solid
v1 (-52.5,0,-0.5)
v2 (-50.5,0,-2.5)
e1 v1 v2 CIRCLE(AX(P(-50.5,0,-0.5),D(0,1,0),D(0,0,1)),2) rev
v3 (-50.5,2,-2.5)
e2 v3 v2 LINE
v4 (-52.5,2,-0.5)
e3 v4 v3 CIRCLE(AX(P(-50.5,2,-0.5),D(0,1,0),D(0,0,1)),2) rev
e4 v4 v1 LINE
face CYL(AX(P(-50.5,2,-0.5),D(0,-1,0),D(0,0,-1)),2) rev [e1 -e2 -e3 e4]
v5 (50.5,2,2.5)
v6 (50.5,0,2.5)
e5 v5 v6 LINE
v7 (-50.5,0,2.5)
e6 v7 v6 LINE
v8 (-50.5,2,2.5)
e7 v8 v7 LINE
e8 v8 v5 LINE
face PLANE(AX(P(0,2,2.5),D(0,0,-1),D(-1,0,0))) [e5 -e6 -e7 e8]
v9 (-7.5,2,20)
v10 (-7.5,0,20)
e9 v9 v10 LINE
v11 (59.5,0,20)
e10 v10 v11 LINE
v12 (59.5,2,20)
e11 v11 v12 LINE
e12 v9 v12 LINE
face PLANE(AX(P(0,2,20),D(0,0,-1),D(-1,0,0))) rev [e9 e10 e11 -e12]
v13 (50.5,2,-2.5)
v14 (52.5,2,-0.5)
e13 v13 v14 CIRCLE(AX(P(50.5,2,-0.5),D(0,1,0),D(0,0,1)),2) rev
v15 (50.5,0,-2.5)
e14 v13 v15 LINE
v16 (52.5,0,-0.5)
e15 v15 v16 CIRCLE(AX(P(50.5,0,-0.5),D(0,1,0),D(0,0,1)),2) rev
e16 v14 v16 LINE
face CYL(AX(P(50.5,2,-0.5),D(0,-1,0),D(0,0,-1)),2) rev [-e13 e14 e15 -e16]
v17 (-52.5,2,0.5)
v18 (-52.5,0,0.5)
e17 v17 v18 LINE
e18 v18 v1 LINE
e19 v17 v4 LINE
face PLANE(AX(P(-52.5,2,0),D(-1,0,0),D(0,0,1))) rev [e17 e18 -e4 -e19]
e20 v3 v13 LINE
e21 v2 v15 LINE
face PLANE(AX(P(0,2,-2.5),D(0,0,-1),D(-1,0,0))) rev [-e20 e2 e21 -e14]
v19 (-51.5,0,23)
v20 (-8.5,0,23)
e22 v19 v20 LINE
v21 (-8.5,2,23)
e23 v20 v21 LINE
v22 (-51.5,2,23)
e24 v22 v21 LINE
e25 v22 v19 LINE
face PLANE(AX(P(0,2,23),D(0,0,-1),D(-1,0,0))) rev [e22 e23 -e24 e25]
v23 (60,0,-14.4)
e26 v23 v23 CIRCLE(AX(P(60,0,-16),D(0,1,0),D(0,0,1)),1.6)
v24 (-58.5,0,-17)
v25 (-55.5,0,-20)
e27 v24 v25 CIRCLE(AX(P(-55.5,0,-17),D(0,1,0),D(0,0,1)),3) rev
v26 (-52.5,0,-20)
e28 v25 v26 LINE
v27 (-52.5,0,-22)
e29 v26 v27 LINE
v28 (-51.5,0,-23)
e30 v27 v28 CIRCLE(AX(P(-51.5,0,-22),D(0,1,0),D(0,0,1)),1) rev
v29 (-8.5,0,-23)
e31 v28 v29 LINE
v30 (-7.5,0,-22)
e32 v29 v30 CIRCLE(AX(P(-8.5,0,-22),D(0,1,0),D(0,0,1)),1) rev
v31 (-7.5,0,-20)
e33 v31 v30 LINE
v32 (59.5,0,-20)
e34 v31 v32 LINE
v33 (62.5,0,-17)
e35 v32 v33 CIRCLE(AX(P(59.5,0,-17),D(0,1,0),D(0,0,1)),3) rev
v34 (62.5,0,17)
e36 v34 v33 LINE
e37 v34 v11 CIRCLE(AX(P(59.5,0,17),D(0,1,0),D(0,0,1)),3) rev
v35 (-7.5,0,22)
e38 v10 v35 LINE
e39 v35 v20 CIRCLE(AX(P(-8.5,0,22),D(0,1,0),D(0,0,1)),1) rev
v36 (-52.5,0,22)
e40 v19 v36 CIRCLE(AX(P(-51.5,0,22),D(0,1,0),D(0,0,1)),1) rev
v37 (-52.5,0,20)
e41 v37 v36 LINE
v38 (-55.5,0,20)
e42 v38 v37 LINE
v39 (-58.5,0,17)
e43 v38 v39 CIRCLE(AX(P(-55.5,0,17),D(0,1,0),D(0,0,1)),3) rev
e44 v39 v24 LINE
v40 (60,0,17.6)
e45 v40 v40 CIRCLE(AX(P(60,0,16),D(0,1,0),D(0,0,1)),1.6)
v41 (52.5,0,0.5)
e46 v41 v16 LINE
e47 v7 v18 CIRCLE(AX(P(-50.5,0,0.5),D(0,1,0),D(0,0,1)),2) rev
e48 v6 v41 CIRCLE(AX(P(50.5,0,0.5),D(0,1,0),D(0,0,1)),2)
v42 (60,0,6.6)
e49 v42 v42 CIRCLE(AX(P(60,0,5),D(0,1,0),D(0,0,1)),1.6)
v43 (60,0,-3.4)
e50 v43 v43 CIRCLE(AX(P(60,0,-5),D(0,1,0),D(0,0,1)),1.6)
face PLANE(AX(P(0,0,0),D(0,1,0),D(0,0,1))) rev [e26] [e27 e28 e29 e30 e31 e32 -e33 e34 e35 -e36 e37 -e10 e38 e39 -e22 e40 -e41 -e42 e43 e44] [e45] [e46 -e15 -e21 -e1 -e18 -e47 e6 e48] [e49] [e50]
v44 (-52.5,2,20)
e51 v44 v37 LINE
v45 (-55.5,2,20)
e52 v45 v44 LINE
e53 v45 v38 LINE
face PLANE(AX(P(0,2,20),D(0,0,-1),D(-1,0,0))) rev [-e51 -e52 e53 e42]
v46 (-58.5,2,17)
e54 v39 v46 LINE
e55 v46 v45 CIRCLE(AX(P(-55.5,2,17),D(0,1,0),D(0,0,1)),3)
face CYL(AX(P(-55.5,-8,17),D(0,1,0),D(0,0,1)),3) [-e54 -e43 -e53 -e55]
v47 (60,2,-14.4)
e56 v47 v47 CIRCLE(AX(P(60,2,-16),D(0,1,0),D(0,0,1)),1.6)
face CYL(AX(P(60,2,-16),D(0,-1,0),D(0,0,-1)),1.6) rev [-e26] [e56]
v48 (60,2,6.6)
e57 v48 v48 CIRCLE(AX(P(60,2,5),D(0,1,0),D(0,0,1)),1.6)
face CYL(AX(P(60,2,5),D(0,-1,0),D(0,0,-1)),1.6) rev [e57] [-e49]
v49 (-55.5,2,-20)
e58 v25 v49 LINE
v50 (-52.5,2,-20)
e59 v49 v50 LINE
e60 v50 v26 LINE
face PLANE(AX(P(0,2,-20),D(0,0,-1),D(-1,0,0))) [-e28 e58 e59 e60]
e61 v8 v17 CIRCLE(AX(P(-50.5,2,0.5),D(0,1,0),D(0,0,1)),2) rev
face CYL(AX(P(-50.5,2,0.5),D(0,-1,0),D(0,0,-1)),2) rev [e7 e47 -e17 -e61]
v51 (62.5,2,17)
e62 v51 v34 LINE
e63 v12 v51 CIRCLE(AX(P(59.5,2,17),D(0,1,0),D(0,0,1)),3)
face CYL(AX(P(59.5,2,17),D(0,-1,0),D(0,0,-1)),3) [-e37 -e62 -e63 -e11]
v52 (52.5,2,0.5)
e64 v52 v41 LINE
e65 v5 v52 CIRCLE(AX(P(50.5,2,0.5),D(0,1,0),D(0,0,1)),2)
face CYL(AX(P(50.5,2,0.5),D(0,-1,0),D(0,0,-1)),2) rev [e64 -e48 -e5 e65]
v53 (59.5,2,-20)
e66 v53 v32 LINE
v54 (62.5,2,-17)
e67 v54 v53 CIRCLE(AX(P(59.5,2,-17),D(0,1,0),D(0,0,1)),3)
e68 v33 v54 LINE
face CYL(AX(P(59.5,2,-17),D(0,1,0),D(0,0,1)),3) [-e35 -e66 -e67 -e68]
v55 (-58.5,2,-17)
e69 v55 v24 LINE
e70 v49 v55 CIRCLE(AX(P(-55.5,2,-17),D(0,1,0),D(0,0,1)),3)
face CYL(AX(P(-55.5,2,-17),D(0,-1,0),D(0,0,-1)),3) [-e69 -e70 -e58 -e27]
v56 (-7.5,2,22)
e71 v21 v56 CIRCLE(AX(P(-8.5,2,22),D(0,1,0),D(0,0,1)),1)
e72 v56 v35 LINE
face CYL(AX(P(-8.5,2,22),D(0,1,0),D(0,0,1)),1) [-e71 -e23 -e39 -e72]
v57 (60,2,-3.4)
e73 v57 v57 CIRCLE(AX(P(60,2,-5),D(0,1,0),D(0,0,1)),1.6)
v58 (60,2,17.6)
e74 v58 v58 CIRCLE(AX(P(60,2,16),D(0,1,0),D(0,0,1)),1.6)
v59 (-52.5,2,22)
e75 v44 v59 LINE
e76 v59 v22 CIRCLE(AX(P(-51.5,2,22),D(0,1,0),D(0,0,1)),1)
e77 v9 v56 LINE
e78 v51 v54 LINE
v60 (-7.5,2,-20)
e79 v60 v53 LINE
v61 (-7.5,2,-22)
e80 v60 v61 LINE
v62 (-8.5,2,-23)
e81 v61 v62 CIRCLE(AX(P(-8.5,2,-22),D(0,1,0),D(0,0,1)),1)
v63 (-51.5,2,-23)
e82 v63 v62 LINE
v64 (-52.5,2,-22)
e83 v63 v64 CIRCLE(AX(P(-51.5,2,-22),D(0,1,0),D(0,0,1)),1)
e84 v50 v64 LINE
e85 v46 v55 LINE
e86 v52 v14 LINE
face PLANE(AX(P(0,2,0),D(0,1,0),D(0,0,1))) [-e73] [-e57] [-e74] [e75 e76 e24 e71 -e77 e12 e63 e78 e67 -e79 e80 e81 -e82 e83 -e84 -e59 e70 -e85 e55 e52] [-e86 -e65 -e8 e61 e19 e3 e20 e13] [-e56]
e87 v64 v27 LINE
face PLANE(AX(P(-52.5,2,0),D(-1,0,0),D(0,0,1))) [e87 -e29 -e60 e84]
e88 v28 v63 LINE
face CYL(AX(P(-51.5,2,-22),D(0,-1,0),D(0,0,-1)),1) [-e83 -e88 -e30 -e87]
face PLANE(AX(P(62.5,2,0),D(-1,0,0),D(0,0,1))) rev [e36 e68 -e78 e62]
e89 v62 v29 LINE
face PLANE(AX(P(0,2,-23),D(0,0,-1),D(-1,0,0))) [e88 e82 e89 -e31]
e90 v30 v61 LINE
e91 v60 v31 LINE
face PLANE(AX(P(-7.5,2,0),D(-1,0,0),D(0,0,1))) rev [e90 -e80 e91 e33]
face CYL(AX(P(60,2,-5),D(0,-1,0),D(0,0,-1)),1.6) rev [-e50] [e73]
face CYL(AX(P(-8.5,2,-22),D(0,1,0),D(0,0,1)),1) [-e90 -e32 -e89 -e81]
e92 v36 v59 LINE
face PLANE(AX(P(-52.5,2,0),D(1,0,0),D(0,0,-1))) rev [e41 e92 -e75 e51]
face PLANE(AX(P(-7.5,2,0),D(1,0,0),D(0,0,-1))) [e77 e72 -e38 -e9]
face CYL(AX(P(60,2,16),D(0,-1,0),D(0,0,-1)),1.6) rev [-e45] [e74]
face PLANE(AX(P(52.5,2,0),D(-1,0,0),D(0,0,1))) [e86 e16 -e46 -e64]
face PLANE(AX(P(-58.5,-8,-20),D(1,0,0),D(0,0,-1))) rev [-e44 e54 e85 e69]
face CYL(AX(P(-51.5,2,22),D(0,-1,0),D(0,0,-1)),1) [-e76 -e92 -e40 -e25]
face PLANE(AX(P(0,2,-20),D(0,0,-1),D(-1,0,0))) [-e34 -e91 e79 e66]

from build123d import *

# Parameters (mm, degrees)
SKETCH_1_W          = 125
SKETCH_1_H          = 40
SKETCH_1_R          = 1.6
SKETCH_1_W_2        = 45
SKETCH_1_H_2        = 3
EXTRUDE_1_DEPTH     = 2
SKETCH_2_W          = 4
SKETCH_2_H          = 40
CUT_EXTRUDE_1_DEPTH = 10
FILLET_1_R          = 3
FILLET_2_R          = 1


with BuildPart() as part:
    # 草图1 → 凸台-拉伸1 (new body)
    # profile 1 of 3: a face of its own
    with BuildSketch(Plane(origin=(0, 0, 0), x_dir=(1, 0, 0), z_dir=(0, 1, 0))):
        Rectangle(SKETCH_1_W, SKETCH_1_H)
        with Locations(Location((60, 16, 0), (0, 0, 270))):
            Circle(SKETCH_1_R, mode=Mode.SUBTRACT)
        with Locations(Location((60, 5, 0), (0, 0, 270))):
            Circle(SKETCH_1_R, mode=Mode.SUBTRACT)
        with Locations(Location((60, -5, 0), (0, 0, 270))):
            Circle(SKETCH_1_R, mode=Mode.SUBTRACT)
        with Locations(Location((60, -16, 0), (0, 0, 270))):
            Circle(SKETCH_1_R, mode=Mode.SUBTRACT)
        with BuildLine():
            Line((-50.5, -2.5), (50.5, -2.5))
            ThreePointArc((50.5, -2.5), (51.914213562, -1.914213562), (52.5, -0.5))
            Line((52.5, -0.5), (52.5, 0.5))
            ThreePointArc((52.5, 0.5), (51.914213562, 1.914213562), (50.5, 2.5))
            Line((50.5, 2.5), (-50.5, 2.5))
            ThreePointArc((-50.5, 2.5), (-51.914213562, 1.914213562), (-52.5, 0.5))
            Line((-52.5, 0.5), (-52.5, -0.5))
            ThreePointArc((-52.5, -0.5), (-51.914213562, -1.914213562), (-50.5, -2.5))
        make_face(mode=Mode.SUBTRACT)
    # profile 2 of 3: a face of its own
    with BuildSketch(Plane(origin=(0, 0, 0), x_dir=(1, 0, 0), z_dir=(0, 1, 0))):
        with Locations((-30, -21.5)):
            Rectangle(SKETCH_1_W_2, SKETCH_1_H_2)
    # profile 3 of 3: a face of its own
    with BuildSketch(Plane(origin=(0, 0, 0), x_dir=(1, 0, 0), z_dir=(0, 1, 0))):
        with Locations((-30, 21.5)):
            Rectangle(SKETCH_1_W_2, SKETCH_1_H_2)
    extrude(amount=EXTRUDE_1_DEPTH)

    # 草图2 → 切除-拉伸1 (cut)
    with BuildSketch(Plane(origin=(0, 2, 0), x_dir=(1, 0, 0), z_dir=(0, 1, 0))):
        with Locations((-60.5, 0)):
            Rectangle(SKETCH_2_W, SKETCH_2_H)
    extrude(amount=-CUT_EXTRUDE_1_DEPTH, mode=Mode.SUBTRACT)

    # 圆角1
    fillet_1_edges = [part.edges().sort_by_distance(p)[0] for p in [
        (62.5, 1, -20),
        (62.5, 1, 20),
        (-58.5, 1, -20),
        (-58.5, 1, 20),
    ]]
    fillet(fillet_1_edges, radius=FILLET_1_R)

    # 圆角2
    fillet_2_edges = [part.edges().sort_by_distance(p)[0] for p in [
        (-52.5, 1, -23),
        (-7.5, 1, -23),
        (-7.5, 1, 23),
        (-52.5, 1, 23),
    ]]
    fillet(fillet_2_edges, radius=FILLET_2_R)


solid = part.part
